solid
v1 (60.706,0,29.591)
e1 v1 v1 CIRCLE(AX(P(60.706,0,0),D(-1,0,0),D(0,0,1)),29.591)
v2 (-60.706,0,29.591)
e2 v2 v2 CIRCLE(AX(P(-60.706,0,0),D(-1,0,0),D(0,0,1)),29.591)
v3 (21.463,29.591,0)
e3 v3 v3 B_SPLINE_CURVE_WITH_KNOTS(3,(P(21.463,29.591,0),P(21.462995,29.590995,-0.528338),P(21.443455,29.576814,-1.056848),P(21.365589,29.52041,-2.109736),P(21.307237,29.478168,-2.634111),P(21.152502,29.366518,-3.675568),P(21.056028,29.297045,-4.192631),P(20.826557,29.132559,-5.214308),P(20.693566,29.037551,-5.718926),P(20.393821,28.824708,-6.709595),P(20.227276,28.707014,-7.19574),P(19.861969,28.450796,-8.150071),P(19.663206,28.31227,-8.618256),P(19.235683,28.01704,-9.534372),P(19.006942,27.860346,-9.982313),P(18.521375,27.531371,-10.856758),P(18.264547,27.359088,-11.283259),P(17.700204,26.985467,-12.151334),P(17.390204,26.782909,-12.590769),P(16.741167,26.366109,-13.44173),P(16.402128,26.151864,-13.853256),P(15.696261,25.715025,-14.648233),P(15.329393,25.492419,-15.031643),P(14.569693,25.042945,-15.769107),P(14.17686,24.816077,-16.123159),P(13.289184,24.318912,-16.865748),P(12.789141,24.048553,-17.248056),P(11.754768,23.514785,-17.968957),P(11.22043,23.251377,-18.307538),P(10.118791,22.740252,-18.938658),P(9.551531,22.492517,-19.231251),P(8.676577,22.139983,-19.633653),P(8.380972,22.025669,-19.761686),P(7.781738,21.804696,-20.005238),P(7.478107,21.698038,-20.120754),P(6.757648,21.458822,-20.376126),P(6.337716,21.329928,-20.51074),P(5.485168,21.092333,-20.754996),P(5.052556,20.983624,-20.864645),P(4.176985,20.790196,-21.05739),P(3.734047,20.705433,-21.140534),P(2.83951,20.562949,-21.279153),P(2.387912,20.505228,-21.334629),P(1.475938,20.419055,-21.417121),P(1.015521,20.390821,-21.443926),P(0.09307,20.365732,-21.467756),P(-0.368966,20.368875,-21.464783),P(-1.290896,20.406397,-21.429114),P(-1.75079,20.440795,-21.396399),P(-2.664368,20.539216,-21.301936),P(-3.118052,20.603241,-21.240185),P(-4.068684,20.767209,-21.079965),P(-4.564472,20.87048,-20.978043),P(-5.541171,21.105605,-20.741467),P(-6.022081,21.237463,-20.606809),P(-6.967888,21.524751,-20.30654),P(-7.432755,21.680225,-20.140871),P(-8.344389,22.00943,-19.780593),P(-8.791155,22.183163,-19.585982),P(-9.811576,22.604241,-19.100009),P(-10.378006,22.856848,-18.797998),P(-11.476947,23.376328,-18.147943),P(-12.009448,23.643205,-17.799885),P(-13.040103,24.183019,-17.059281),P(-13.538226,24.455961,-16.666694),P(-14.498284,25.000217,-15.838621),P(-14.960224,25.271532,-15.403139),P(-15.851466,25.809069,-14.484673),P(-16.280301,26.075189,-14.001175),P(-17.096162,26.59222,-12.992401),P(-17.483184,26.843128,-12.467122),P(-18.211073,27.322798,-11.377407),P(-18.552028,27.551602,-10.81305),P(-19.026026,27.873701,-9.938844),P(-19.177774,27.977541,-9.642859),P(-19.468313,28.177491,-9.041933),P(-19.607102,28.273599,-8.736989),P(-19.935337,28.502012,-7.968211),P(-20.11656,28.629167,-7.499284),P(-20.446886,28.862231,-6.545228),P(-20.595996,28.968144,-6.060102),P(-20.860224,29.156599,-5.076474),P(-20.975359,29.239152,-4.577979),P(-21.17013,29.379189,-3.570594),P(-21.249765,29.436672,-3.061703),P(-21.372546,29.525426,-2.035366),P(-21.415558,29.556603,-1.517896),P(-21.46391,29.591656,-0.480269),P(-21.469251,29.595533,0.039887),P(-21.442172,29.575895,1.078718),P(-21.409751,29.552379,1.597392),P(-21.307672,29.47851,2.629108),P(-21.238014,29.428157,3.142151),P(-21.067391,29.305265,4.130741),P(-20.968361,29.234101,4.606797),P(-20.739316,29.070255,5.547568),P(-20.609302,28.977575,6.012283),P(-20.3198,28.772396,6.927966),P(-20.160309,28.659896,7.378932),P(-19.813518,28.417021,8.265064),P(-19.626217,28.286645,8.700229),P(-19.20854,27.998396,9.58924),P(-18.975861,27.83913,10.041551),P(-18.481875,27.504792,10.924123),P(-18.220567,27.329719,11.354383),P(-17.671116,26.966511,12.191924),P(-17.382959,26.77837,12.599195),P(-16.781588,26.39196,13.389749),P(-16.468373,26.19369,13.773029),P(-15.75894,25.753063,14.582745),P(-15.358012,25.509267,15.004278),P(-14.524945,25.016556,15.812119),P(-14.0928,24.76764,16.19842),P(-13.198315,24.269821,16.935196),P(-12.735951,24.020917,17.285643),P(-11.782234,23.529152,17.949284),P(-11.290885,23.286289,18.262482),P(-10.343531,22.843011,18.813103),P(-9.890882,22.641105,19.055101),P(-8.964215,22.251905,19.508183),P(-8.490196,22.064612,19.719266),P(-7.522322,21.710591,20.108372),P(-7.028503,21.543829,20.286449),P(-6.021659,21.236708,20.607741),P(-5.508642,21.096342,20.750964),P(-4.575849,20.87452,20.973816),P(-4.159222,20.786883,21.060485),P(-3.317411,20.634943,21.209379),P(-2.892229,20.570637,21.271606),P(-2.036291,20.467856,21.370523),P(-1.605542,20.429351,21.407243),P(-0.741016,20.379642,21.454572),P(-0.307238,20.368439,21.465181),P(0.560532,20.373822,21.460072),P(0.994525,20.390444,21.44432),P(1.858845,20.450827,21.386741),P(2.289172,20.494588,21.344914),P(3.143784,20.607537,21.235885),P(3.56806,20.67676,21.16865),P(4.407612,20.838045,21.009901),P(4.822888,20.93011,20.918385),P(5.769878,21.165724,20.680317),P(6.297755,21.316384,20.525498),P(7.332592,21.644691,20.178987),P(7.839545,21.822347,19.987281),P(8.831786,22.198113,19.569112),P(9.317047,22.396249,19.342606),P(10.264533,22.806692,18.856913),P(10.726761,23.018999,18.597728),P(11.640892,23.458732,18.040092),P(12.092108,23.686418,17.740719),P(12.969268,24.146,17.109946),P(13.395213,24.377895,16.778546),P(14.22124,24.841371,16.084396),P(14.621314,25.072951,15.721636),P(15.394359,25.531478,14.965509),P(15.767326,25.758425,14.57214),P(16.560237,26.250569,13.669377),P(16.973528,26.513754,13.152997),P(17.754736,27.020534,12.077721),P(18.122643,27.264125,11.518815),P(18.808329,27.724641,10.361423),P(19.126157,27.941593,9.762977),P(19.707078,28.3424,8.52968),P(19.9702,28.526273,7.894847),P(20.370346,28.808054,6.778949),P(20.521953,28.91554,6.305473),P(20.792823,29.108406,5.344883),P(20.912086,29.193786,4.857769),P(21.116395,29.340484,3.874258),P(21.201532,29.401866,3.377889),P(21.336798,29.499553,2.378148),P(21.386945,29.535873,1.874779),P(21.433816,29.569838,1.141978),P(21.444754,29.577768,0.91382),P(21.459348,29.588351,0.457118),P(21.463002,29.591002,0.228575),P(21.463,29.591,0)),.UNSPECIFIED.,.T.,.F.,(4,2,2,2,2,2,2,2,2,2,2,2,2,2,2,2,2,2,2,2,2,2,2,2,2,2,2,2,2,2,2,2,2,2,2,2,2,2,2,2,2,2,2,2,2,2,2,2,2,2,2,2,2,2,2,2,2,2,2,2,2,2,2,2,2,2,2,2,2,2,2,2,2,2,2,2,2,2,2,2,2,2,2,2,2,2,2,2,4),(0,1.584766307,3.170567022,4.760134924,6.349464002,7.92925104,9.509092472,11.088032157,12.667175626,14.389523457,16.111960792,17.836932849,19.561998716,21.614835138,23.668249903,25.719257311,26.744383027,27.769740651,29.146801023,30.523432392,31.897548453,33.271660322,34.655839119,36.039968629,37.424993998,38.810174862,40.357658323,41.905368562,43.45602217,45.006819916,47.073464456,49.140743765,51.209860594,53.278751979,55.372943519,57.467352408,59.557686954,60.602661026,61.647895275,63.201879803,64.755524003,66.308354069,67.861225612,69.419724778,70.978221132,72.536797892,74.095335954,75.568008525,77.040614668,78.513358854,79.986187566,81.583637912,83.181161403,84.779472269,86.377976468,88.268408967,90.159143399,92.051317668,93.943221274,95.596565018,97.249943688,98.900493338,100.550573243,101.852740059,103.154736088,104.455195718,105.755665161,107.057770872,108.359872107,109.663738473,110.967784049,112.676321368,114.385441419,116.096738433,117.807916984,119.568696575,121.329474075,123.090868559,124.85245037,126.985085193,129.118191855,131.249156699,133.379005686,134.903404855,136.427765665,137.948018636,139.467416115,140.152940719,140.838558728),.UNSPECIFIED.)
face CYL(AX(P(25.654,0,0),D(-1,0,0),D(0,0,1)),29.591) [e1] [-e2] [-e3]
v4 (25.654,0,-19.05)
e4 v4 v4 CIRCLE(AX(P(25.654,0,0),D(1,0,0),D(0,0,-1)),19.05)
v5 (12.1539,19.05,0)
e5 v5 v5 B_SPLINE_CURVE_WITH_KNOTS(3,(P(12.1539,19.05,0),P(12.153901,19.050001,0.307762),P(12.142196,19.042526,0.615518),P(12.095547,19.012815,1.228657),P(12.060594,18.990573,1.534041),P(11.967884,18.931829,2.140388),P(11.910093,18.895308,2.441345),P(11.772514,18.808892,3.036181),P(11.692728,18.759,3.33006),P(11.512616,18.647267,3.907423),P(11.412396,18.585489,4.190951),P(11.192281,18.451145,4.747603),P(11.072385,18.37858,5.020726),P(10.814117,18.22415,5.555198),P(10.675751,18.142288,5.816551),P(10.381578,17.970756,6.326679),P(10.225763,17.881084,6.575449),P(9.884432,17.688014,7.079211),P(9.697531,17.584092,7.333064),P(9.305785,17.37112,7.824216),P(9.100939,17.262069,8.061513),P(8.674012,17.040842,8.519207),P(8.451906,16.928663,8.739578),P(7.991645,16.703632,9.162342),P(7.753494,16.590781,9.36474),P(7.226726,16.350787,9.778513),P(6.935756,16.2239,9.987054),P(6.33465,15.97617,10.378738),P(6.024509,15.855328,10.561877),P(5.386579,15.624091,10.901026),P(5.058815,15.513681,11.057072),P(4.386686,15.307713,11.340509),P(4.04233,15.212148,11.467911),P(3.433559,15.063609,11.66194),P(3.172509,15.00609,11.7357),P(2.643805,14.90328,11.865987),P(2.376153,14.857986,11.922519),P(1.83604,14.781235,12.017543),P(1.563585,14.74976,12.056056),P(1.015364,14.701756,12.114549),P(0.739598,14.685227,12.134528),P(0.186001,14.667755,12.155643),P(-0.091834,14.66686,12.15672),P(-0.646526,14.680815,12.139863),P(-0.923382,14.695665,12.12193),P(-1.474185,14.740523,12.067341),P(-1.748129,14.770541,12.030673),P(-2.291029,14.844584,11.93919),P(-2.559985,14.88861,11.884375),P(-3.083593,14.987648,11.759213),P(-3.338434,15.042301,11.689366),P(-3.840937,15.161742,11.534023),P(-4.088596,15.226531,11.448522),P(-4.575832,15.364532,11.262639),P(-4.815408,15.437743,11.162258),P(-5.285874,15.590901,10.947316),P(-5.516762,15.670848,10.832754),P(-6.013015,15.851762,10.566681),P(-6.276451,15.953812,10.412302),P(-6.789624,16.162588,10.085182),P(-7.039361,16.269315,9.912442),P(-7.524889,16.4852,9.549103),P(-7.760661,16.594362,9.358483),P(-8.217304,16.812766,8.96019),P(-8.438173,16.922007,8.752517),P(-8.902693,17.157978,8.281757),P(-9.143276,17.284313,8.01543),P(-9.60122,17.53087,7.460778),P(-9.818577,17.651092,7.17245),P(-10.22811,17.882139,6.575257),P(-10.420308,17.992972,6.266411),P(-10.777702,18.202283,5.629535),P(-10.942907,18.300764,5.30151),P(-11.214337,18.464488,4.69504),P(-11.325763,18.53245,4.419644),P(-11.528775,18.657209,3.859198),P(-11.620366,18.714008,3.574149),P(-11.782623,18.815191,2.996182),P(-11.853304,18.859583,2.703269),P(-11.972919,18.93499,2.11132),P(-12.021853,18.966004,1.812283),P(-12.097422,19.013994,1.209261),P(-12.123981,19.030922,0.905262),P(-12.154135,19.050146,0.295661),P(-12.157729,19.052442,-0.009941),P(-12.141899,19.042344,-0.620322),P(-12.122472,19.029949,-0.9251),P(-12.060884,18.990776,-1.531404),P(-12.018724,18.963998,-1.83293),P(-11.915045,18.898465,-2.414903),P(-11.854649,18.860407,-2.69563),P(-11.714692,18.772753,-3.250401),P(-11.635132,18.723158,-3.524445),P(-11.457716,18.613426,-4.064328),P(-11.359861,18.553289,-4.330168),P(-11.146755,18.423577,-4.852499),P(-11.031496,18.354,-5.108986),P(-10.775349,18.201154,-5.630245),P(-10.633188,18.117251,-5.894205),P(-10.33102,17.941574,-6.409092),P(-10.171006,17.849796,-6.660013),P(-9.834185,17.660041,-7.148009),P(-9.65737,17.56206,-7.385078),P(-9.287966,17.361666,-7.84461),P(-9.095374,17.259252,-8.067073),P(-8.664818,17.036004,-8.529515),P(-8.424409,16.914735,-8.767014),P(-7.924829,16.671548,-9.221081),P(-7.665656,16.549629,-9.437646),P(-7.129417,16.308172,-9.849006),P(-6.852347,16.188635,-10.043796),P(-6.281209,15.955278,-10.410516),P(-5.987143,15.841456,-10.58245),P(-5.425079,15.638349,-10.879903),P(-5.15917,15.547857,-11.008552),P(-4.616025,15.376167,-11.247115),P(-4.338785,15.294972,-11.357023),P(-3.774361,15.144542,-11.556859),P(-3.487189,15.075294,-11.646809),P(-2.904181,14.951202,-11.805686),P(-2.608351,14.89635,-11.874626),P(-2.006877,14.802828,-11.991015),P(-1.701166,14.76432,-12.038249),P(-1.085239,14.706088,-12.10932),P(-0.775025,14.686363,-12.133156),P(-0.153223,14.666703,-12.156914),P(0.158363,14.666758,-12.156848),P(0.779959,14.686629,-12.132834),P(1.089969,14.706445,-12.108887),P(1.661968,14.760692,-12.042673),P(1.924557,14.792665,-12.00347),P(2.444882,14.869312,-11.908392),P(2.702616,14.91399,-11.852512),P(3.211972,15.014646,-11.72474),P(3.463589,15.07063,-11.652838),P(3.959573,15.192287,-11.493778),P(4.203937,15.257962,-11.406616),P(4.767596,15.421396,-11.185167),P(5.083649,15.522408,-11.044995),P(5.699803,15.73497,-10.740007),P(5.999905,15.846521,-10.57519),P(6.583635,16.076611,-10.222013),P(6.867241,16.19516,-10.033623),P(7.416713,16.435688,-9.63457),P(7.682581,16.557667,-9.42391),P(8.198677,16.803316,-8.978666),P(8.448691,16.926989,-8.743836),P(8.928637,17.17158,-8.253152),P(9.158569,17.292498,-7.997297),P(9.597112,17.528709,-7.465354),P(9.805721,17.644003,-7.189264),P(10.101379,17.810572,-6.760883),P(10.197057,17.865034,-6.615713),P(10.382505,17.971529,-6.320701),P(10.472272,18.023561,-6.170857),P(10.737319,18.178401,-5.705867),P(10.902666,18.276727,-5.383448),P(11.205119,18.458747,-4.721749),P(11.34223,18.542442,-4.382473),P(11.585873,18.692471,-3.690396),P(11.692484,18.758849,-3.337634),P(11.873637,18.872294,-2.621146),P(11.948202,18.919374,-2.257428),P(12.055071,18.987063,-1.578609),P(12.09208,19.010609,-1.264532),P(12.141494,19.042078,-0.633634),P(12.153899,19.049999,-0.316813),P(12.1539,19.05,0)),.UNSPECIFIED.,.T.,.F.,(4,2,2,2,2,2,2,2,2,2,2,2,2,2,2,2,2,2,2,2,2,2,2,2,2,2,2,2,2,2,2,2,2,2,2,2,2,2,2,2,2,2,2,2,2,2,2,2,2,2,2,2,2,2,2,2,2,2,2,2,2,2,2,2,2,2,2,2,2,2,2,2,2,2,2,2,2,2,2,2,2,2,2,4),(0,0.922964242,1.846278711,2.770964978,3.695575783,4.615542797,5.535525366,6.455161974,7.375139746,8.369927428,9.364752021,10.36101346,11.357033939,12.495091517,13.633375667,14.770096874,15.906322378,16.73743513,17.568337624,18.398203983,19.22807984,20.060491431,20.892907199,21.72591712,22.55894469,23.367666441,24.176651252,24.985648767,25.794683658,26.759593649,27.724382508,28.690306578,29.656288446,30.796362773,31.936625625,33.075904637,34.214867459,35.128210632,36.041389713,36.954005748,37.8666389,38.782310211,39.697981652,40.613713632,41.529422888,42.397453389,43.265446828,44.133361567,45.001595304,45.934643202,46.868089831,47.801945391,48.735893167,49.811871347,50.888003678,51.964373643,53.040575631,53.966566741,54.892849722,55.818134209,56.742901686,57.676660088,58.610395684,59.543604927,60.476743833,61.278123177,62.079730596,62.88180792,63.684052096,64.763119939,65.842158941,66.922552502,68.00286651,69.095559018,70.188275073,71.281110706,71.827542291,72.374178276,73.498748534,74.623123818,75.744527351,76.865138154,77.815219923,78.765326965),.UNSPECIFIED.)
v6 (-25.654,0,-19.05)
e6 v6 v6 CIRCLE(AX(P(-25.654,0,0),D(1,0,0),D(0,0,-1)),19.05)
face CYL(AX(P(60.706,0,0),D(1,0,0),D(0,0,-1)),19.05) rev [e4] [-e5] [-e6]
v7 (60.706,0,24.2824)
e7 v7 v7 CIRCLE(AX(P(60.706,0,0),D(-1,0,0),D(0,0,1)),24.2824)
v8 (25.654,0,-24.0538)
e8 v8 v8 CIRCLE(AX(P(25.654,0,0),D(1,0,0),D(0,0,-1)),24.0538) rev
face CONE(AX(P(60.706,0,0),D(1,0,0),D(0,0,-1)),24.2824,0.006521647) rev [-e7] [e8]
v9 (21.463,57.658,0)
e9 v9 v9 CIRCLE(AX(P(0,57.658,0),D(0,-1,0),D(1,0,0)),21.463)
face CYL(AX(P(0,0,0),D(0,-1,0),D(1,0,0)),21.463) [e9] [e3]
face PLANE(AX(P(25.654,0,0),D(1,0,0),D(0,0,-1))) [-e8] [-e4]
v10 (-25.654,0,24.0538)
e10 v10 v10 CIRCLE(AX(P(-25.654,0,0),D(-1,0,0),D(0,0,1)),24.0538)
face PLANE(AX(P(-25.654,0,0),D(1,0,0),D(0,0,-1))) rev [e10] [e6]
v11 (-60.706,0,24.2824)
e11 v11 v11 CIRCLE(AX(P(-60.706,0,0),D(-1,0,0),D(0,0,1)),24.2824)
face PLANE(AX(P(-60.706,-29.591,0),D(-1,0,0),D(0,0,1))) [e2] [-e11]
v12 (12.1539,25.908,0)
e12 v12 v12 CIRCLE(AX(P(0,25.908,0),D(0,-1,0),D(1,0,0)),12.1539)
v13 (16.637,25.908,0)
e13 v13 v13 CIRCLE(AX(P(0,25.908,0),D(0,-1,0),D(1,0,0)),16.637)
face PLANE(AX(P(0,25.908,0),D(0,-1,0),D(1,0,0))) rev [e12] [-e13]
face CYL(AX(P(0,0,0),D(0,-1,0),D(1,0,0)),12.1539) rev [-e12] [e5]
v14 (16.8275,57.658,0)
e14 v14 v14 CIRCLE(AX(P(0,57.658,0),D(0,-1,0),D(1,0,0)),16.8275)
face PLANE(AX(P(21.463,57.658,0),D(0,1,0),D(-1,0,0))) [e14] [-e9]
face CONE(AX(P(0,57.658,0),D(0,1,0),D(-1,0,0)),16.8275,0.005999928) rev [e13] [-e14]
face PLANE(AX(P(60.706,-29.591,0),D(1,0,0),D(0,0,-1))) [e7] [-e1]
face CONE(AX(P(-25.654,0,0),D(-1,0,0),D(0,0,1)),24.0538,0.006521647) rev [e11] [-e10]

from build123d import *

# Parameters (mm, degrees)
SKETCH4_R           = 29.591
BOSS_EXTRUDE1_DEPTH = 51.308
SKETCH5_R           = 21.463
BOSS_EXTRUDE2_DEPTH = 25.908


with BuildPart() as part:
    # Sketch1 → Revolve1 (revolve)
    with BuildSketch(Plane.XY, mode=Mode.PRIVATE) as revolve1_sk:
        Polygon((-60.706, -29.591), (-25.654, -29.591), (-25.654, -24.0538), (-60.706, -24.2824), align=None)
        Polygon((60.706, -24.2824), (25.654, -24.0538), (25.654, -29.591), (60.706, -29.591), align=None)
    revolve(revolve1_sk.sketch.rotate(Axis((-60.706, 0, 0), (1, 0, 0)), 270), axis=Axis((-60.706, 0, 0), (1, 0, 0)))



with BuildPart() as body_2:
    # Sketch2 → Revolve2 (revolve)
    with BuildSketch(Plane.XY):
        Polygon((16.8275, 57.658), (16.637, 25.908), (21.463, 25.908), (21.463, 57.658), align=None)
    revolve(axis=Axis((0, 0, 0), (0, 1, 0)))


with BuildPart() as part_1:
    add(part.part)

    add(body_2.part)  # Boss-Extrude1 merges body 2
    # Sketch4 → Boss-Extrude1 (add)
    with BuildSketch(Plane(origin=(-25.654, 0, 0), x_dir=(0, 0, -1), z_dir=(1, 0, 0))):
        with Locations(Location((0, 0, 0), (0, 0, 180))):
            Circle(SKETCH4_R)
    extrude(amount=BOSS_EXTRUDE1_DEPTH)

    # Sketch5 → Boss-Extrude2 (add)
    with BuildSketch(Plane.XZ.offset(-25.908)):
        Circle(SKETCH5_R)
    extrude(amount=BOSS_EXTRUDE2_DEPTH)

    # Sketch6 → Cut-Revolve1 (revolve, cut)
    with BuildSketch(Plane.XY, mode=Mode.PRIVATE) as cut_revolve1_sk:
        Polygon((-60.706, -24.2824), (-25.654, -24.0538), (-25.654, -19.05), (25.654, -19.05), (25.654, -24.0538), (60.706, -24.2824), (60.706, 0), (-60.706, 0), align=None)
    revolve(cut_revolve1_sk.sketch.rotate(Axis((60.706, 0, 0), (-1, 0, 0)), 270), axis=Axis((60.706, 0, 0), (-1, 0, 0)), mode=Mode.SUBTRACT)

    # Sketch7 → Cut-Revolve2 (revolve, cut)
    with BuildSketch(Plane.XY):
        Polygon((16.8275, 57.658), (16.637, 25.908), (12.1539, 25.908), (12.1539, 0), (0, 0), (0, 57.658), align=None)
    revolve(axis=Axis((0, 0, 0), (0, 1, 0)), mode=Mode.SUBTRACT)


solid = part_1.part
